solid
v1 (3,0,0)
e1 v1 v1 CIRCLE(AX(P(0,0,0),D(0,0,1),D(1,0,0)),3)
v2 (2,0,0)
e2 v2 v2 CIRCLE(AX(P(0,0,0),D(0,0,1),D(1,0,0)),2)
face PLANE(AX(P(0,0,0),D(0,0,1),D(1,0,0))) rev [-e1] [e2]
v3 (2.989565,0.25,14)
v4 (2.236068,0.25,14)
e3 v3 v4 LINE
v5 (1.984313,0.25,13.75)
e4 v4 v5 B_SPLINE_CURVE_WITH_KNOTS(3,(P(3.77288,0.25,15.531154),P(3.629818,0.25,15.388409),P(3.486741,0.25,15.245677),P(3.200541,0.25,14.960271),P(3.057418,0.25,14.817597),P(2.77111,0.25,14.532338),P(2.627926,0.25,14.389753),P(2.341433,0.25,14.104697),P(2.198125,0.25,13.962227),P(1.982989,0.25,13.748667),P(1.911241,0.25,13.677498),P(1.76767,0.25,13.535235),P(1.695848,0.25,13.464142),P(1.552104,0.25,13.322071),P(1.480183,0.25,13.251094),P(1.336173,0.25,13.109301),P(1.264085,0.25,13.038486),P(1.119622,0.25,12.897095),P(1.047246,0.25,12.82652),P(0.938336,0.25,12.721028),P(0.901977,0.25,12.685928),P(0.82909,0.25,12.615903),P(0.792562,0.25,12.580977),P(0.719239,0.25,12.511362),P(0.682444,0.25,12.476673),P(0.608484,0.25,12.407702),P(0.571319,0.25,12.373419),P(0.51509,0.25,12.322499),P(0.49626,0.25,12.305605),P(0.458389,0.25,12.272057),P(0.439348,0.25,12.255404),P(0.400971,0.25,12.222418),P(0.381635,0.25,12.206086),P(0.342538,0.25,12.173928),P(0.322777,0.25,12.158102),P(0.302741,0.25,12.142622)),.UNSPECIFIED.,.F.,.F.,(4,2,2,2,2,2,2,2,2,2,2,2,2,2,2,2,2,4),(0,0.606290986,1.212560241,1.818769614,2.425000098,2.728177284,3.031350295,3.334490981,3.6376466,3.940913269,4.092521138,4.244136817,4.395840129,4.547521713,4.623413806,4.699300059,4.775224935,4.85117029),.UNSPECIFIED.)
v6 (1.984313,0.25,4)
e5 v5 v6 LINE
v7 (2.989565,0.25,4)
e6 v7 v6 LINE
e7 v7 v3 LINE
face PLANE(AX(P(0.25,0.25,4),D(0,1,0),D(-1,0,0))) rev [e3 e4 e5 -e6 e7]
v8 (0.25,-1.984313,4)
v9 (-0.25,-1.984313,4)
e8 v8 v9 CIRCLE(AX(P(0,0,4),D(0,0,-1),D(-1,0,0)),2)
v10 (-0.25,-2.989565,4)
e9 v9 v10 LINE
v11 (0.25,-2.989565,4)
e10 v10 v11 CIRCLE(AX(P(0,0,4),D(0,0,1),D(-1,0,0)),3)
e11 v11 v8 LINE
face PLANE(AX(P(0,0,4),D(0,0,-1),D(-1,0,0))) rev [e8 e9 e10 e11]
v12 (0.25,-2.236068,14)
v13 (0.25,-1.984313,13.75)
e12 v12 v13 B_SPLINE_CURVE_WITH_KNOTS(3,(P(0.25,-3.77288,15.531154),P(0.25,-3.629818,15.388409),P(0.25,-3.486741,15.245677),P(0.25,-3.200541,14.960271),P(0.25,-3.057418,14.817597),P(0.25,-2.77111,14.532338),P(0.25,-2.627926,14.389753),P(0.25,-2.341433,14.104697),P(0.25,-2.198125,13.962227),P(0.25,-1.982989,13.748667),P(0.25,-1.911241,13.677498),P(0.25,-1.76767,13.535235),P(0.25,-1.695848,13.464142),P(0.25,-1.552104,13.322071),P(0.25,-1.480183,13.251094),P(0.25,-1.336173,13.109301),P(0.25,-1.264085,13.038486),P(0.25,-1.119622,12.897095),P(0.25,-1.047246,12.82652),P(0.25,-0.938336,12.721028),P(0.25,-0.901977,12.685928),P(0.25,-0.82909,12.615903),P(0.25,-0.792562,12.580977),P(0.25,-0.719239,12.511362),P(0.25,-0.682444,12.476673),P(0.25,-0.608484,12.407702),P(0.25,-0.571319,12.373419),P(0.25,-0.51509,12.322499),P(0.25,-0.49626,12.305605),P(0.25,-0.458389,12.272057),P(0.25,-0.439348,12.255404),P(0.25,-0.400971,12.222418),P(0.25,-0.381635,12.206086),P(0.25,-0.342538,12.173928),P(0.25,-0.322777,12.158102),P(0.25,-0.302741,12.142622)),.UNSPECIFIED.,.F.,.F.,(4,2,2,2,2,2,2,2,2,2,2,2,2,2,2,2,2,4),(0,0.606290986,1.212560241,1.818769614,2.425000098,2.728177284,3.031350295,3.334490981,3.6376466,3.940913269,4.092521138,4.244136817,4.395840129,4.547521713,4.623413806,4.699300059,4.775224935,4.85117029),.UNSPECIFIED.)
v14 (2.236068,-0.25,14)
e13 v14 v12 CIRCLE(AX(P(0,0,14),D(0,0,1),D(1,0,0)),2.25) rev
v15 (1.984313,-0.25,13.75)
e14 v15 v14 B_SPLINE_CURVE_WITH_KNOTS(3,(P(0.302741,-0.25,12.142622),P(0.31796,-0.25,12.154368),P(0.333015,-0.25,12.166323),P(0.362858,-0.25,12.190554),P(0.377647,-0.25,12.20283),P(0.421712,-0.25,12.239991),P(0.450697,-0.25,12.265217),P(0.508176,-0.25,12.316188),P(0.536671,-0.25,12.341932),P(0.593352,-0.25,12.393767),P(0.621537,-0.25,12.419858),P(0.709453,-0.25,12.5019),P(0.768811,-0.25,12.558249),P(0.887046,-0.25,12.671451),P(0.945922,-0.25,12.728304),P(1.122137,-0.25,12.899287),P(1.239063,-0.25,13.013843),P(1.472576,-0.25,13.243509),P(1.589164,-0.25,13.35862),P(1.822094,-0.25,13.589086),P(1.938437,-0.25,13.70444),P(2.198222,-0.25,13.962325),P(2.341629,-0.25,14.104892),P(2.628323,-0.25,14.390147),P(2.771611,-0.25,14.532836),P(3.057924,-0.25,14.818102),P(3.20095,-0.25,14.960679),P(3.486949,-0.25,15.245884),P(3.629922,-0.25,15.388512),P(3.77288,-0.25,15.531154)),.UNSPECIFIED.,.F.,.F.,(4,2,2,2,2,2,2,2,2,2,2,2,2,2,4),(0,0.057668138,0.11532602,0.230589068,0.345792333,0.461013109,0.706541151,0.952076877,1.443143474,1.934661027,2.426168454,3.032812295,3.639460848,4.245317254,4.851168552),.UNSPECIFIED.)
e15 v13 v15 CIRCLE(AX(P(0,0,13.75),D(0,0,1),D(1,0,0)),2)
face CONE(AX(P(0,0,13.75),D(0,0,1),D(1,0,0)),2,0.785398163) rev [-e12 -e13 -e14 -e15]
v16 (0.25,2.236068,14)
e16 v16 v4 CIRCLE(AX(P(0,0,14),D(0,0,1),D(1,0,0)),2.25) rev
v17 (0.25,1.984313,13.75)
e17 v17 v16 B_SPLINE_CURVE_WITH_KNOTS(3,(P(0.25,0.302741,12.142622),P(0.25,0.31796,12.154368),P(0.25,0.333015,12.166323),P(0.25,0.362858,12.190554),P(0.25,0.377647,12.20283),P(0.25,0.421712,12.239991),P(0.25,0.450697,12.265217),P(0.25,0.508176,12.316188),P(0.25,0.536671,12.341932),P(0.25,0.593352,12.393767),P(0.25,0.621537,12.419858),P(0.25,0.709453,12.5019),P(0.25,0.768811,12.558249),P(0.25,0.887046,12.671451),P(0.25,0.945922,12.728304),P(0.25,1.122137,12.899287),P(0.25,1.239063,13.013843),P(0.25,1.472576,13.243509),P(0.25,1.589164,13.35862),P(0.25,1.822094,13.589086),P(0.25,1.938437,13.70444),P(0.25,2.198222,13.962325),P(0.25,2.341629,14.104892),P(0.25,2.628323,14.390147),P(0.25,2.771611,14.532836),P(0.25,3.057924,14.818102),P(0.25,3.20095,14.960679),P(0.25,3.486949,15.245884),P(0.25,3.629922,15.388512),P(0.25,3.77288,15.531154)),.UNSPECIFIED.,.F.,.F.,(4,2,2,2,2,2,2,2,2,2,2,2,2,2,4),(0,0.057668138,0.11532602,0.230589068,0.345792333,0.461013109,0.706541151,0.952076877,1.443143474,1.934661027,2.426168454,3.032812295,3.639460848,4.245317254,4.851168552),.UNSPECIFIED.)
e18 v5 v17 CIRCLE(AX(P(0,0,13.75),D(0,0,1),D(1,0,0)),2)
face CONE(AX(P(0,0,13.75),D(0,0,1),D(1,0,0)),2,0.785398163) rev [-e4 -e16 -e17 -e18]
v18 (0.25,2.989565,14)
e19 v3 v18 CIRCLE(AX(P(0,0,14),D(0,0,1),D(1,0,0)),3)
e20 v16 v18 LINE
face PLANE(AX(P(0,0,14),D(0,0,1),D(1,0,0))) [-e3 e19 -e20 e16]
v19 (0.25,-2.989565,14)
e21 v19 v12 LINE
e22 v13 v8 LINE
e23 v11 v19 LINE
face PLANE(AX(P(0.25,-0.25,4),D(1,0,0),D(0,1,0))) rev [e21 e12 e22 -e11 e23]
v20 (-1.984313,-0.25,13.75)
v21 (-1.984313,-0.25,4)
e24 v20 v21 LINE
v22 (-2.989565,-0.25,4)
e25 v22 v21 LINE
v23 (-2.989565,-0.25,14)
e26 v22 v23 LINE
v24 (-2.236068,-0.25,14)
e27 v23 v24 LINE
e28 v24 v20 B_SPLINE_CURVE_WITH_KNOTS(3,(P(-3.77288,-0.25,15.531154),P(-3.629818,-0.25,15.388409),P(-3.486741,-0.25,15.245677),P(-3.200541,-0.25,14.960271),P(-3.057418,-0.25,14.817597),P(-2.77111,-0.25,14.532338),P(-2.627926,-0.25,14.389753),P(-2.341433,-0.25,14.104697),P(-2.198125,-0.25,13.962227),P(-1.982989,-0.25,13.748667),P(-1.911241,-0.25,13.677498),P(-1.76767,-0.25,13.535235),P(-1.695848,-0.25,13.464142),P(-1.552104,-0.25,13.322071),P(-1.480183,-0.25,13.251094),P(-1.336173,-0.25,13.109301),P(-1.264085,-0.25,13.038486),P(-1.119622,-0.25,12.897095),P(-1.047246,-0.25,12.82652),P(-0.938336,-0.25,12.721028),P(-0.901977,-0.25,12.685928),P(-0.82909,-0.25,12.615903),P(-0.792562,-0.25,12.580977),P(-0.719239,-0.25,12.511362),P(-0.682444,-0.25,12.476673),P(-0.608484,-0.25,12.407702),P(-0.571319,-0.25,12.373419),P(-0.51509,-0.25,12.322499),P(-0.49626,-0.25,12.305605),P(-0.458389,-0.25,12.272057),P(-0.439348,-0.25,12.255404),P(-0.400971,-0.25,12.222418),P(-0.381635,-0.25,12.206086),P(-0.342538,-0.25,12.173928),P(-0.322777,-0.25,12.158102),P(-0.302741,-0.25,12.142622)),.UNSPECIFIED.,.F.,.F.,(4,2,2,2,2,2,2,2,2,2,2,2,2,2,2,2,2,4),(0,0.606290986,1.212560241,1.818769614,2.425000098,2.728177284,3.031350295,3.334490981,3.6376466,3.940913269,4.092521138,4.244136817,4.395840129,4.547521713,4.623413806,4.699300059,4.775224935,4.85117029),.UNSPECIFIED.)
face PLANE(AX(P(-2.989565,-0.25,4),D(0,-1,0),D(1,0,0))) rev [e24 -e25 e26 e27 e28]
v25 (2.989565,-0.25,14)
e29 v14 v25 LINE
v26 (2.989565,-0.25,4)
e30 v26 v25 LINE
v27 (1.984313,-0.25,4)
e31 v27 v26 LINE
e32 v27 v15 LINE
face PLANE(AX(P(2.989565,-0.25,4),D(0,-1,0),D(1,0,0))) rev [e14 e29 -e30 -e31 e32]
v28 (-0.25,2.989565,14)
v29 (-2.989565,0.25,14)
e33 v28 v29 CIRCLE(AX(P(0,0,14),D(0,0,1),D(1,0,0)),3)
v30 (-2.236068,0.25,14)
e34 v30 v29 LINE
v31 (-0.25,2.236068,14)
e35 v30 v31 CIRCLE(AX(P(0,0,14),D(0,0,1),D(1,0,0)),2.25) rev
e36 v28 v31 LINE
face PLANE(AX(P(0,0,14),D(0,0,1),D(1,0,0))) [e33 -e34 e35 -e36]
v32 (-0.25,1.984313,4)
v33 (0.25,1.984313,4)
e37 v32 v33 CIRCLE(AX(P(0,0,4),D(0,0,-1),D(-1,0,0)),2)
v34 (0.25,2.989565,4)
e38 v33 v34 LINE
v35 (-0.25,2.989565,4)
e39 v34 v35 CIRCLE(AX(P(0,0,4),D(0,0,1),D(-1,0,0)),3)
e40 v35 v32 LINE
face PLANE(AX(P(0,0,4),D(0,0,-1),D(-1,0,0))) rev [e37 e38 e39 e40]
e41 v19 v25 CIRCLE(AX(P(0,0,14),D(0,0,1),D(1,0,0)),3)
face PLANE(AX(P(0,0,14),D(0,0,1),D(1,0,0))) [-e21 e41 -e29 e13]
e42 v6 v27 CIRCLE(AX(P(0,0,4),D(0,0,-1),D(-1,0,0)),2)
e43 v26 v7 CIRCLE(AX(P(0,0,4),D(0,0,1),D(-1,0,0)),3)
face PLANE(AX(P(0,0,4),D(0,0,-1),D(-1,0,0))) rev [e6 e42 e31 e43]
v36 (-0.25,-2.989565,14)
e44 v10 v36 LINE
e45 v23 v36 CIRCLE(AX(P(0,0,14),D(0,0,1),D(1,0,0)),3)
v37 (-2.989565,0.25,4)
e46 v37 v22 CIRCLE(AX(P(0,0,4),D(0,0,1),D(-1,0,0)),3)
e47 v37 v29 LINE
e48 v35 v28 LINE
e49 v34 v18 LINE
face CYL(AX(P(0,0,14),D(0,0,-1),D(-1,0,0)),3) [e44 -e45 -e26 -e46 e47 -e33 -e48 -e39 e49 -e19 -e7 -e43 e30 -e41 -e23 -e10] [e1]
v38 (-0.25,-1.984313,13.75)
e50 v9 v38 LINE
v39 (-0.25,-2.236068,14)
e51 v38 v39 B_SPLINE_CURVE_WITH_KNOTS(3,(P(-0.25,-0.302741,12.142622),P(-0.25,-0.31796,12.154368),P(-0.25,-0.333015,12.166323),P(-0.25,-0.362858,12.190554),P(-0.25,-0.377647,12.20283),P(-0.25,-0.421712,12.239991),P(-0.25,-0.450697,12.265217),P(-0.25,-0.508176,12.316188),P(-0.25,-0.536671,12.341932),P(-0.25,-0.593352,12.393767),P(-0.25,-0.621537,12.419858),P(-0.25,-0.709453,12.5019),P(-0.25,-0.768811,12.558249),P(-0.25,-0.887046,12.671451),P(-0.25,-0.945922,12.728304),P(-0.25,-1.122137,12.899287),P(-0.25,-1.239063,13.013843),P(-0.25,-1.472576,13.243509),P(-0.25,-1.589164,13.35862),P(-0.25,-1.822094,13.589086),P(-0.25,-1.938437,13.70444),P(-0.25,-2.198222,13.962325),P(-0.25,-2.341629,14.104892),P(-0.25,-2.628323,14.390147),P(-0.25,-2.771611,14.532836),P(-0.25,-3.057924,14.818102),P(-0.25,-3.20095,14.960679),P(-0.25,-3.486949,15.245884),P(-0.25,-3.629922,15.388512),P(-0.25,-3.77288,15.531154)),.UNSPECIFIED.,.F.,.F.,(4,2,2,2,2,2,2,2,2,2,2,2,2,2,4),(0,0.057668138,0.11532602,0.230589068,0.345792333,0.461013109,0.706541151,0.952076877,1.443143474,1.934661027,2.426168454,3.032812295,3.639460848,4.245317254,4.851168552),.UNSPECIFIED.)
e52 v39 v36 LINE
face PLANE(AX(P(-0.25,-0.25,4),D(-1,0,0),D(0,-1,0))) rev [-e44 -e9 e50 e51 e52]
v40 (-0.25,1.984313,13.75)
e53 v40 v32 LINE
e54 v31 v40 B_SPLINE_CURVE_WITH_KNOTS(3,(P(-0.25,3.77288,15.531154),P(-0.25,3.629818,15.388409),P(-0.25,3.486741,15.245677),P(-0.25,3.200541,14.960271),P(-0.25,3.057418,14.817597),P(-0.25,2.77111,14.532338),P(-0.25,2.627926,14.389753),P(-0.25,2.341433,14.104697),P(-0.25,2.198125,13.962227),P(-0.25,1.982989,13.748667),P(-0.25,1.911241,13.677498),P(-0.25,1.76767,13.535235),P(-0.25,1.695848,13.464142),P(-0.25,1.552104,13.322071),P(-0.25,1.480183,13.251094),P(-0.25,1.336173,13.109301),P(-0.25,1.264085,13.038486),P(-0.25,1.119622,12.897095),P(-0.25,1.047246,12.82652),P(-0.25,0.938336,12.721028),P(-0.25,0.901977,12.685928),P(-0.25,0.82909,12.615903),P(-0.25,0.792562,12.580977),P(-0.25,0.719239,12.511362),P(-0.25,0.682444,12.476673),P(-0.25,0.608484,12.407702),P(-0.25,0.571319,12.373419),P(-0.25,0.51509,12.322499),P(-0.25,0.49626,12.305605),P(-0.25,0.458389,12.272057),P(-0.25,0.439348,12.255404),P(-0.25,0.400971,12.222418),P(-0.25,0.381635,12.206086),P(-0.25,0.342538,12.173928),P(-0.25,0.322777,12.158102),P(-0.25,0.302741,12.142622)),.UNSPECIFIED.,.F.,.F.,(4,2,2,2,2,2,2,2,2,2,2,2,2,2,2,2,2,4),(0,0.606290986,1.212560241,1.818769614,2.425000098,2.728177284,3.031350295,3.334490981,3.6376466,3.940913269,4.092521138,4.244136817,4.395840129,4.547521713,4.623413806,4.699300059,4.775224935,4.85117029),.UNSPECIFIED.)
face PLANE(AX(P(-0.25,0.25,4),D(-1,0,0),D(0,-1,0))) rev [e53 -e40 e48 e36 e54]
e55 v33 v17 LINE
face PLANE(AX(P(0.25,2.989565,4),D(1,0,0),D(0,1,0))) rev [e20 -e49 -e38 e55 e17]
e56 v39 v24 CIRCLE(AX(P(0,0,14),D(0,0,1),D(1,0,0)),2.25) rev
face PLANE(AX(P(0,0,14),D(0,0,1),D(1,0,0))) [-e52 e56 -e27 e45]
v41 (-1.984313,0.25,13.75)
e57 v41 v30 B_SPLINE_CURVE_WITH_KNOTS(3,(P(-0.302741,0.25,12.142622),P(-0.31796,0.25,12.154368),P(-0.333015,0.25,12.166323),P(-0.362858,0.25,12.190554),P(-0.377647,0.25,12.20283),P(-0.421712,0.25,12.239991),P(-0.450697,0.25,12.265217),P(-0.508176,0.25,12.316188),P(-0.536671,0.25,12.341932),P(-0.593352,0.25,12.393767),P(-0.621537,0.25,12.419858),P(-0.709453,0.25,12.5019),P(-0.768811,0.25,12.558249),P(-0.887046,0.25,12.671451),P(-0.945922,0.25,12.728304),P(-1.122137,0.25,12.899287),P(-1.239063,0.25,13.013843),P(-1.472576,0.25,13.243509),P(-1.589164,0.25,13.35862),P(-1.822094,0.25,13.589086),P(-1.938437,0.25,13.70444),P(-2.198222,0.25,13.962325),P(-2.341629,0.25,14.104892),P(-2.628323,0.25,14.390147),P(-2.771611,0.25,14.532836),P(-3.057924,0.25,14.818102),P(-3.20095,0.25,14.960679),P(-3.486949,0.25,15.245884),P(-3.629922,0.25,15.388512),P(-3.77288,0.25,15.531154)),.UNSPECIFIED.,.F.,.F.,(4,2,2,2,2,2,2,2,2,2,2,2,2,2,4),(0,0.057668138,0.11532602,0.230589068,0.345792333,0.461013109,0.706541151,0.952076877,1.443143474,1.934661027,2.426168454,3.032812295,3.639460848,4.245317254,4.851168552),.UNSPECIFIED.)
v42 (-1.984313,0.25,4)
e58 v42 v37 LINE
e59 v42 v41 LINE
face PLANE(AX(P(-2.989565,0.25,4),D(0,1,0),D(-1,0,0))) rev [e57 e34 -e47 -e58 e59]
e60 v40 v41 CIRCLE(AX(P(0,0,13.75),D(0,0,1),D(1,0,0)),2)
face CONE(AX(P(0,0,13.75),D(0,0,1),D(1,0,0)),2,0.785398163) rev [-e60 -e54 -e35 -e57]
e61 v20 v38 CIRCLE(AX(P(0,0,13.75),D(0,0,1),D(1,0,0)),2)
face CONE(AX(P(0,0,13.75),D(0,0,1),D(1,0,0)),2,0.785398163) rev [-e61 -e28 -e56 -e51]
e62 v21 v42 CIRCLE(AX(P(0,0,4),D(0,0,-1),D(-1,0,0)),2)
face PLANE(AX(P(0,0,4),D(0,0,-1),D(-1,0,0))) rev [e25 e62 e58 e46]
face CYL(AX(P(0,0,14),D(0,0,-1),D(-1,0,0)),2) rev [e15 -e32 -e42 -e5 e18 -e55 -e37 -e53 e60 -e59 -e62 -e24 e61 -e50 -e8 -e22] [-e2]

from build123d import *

# Parameters (mm, degrees)
ESQUISSE1_R             = 3
ESQUISSE1_R_2           = 2
EXTRUSION1_DEPTH        = 14
CHANFREIN1_SIZE         = 0.25
ENL_V_MAT_EXTRU_1_DEPTH = 10


with BuildPart() as part:
    # Esquisse1 → Extrusion1 (new body)
    with BuildSketch(Plane.XY):
        Circle(ESQUISSE1_R)
        Circle(ESQUISSE1_R_2, mode=Mode.SUBTRACT)
    extrude(amount=EXTRUSION1_DEPTH)

    # Chanfrein1
    chanfrein1_edges = [part.edges().sort_by_distance(p)[0] for p in [
        (-2, 0, 14),
    ]]
    chamfer(chanfrein1_edges, length=CHANFREIN1_SIZE)

    # Esquisse4 → Enlèv. mat.-Extru.1 (cut)
    with BuildSketch(Plane.XY.offset(14)):
        with BuildLine():
            Line((0.25, 2.989565186), (0.25, 0.25))
            Line((0.25, 0.25), (2.989565186, 0.25))
            ThreePointArc((2.989565186, 0.25), (3, 0), (2.989565186, -0.25))
            Line((2.989565186, -0.25), (0.25, -0.25))
            Line((0.25, -0.25), (0.25, -2.989565186))
            ThreePointArc((0.25, -2.989565186), (0, -3), (-0.25, -2.989565186))
            Line((-0.25, -2.989565186), (-0.25, -0.25))
            Line((-0.25, -0.25), (-2.989565186, -0.25))
            ThreePointArc((-2.989565186, -0.25), (-3, 0), (-2.989565186, 0.25))
            Line((-2.989565186, 0.25), (-0.25, 0.25))
            Line((-0.25, 0.25), (-0.25, 2.989565186))
            ThreePointArc((-0.25, 2.989565186), (0, 3), (0.25, 2.989565186))
        make_face()
    extrude(amount=-ENL_V_MAT_EXTRU_1_DEPTH, mode=Mode.SUBTRACT)


solid = part.part
